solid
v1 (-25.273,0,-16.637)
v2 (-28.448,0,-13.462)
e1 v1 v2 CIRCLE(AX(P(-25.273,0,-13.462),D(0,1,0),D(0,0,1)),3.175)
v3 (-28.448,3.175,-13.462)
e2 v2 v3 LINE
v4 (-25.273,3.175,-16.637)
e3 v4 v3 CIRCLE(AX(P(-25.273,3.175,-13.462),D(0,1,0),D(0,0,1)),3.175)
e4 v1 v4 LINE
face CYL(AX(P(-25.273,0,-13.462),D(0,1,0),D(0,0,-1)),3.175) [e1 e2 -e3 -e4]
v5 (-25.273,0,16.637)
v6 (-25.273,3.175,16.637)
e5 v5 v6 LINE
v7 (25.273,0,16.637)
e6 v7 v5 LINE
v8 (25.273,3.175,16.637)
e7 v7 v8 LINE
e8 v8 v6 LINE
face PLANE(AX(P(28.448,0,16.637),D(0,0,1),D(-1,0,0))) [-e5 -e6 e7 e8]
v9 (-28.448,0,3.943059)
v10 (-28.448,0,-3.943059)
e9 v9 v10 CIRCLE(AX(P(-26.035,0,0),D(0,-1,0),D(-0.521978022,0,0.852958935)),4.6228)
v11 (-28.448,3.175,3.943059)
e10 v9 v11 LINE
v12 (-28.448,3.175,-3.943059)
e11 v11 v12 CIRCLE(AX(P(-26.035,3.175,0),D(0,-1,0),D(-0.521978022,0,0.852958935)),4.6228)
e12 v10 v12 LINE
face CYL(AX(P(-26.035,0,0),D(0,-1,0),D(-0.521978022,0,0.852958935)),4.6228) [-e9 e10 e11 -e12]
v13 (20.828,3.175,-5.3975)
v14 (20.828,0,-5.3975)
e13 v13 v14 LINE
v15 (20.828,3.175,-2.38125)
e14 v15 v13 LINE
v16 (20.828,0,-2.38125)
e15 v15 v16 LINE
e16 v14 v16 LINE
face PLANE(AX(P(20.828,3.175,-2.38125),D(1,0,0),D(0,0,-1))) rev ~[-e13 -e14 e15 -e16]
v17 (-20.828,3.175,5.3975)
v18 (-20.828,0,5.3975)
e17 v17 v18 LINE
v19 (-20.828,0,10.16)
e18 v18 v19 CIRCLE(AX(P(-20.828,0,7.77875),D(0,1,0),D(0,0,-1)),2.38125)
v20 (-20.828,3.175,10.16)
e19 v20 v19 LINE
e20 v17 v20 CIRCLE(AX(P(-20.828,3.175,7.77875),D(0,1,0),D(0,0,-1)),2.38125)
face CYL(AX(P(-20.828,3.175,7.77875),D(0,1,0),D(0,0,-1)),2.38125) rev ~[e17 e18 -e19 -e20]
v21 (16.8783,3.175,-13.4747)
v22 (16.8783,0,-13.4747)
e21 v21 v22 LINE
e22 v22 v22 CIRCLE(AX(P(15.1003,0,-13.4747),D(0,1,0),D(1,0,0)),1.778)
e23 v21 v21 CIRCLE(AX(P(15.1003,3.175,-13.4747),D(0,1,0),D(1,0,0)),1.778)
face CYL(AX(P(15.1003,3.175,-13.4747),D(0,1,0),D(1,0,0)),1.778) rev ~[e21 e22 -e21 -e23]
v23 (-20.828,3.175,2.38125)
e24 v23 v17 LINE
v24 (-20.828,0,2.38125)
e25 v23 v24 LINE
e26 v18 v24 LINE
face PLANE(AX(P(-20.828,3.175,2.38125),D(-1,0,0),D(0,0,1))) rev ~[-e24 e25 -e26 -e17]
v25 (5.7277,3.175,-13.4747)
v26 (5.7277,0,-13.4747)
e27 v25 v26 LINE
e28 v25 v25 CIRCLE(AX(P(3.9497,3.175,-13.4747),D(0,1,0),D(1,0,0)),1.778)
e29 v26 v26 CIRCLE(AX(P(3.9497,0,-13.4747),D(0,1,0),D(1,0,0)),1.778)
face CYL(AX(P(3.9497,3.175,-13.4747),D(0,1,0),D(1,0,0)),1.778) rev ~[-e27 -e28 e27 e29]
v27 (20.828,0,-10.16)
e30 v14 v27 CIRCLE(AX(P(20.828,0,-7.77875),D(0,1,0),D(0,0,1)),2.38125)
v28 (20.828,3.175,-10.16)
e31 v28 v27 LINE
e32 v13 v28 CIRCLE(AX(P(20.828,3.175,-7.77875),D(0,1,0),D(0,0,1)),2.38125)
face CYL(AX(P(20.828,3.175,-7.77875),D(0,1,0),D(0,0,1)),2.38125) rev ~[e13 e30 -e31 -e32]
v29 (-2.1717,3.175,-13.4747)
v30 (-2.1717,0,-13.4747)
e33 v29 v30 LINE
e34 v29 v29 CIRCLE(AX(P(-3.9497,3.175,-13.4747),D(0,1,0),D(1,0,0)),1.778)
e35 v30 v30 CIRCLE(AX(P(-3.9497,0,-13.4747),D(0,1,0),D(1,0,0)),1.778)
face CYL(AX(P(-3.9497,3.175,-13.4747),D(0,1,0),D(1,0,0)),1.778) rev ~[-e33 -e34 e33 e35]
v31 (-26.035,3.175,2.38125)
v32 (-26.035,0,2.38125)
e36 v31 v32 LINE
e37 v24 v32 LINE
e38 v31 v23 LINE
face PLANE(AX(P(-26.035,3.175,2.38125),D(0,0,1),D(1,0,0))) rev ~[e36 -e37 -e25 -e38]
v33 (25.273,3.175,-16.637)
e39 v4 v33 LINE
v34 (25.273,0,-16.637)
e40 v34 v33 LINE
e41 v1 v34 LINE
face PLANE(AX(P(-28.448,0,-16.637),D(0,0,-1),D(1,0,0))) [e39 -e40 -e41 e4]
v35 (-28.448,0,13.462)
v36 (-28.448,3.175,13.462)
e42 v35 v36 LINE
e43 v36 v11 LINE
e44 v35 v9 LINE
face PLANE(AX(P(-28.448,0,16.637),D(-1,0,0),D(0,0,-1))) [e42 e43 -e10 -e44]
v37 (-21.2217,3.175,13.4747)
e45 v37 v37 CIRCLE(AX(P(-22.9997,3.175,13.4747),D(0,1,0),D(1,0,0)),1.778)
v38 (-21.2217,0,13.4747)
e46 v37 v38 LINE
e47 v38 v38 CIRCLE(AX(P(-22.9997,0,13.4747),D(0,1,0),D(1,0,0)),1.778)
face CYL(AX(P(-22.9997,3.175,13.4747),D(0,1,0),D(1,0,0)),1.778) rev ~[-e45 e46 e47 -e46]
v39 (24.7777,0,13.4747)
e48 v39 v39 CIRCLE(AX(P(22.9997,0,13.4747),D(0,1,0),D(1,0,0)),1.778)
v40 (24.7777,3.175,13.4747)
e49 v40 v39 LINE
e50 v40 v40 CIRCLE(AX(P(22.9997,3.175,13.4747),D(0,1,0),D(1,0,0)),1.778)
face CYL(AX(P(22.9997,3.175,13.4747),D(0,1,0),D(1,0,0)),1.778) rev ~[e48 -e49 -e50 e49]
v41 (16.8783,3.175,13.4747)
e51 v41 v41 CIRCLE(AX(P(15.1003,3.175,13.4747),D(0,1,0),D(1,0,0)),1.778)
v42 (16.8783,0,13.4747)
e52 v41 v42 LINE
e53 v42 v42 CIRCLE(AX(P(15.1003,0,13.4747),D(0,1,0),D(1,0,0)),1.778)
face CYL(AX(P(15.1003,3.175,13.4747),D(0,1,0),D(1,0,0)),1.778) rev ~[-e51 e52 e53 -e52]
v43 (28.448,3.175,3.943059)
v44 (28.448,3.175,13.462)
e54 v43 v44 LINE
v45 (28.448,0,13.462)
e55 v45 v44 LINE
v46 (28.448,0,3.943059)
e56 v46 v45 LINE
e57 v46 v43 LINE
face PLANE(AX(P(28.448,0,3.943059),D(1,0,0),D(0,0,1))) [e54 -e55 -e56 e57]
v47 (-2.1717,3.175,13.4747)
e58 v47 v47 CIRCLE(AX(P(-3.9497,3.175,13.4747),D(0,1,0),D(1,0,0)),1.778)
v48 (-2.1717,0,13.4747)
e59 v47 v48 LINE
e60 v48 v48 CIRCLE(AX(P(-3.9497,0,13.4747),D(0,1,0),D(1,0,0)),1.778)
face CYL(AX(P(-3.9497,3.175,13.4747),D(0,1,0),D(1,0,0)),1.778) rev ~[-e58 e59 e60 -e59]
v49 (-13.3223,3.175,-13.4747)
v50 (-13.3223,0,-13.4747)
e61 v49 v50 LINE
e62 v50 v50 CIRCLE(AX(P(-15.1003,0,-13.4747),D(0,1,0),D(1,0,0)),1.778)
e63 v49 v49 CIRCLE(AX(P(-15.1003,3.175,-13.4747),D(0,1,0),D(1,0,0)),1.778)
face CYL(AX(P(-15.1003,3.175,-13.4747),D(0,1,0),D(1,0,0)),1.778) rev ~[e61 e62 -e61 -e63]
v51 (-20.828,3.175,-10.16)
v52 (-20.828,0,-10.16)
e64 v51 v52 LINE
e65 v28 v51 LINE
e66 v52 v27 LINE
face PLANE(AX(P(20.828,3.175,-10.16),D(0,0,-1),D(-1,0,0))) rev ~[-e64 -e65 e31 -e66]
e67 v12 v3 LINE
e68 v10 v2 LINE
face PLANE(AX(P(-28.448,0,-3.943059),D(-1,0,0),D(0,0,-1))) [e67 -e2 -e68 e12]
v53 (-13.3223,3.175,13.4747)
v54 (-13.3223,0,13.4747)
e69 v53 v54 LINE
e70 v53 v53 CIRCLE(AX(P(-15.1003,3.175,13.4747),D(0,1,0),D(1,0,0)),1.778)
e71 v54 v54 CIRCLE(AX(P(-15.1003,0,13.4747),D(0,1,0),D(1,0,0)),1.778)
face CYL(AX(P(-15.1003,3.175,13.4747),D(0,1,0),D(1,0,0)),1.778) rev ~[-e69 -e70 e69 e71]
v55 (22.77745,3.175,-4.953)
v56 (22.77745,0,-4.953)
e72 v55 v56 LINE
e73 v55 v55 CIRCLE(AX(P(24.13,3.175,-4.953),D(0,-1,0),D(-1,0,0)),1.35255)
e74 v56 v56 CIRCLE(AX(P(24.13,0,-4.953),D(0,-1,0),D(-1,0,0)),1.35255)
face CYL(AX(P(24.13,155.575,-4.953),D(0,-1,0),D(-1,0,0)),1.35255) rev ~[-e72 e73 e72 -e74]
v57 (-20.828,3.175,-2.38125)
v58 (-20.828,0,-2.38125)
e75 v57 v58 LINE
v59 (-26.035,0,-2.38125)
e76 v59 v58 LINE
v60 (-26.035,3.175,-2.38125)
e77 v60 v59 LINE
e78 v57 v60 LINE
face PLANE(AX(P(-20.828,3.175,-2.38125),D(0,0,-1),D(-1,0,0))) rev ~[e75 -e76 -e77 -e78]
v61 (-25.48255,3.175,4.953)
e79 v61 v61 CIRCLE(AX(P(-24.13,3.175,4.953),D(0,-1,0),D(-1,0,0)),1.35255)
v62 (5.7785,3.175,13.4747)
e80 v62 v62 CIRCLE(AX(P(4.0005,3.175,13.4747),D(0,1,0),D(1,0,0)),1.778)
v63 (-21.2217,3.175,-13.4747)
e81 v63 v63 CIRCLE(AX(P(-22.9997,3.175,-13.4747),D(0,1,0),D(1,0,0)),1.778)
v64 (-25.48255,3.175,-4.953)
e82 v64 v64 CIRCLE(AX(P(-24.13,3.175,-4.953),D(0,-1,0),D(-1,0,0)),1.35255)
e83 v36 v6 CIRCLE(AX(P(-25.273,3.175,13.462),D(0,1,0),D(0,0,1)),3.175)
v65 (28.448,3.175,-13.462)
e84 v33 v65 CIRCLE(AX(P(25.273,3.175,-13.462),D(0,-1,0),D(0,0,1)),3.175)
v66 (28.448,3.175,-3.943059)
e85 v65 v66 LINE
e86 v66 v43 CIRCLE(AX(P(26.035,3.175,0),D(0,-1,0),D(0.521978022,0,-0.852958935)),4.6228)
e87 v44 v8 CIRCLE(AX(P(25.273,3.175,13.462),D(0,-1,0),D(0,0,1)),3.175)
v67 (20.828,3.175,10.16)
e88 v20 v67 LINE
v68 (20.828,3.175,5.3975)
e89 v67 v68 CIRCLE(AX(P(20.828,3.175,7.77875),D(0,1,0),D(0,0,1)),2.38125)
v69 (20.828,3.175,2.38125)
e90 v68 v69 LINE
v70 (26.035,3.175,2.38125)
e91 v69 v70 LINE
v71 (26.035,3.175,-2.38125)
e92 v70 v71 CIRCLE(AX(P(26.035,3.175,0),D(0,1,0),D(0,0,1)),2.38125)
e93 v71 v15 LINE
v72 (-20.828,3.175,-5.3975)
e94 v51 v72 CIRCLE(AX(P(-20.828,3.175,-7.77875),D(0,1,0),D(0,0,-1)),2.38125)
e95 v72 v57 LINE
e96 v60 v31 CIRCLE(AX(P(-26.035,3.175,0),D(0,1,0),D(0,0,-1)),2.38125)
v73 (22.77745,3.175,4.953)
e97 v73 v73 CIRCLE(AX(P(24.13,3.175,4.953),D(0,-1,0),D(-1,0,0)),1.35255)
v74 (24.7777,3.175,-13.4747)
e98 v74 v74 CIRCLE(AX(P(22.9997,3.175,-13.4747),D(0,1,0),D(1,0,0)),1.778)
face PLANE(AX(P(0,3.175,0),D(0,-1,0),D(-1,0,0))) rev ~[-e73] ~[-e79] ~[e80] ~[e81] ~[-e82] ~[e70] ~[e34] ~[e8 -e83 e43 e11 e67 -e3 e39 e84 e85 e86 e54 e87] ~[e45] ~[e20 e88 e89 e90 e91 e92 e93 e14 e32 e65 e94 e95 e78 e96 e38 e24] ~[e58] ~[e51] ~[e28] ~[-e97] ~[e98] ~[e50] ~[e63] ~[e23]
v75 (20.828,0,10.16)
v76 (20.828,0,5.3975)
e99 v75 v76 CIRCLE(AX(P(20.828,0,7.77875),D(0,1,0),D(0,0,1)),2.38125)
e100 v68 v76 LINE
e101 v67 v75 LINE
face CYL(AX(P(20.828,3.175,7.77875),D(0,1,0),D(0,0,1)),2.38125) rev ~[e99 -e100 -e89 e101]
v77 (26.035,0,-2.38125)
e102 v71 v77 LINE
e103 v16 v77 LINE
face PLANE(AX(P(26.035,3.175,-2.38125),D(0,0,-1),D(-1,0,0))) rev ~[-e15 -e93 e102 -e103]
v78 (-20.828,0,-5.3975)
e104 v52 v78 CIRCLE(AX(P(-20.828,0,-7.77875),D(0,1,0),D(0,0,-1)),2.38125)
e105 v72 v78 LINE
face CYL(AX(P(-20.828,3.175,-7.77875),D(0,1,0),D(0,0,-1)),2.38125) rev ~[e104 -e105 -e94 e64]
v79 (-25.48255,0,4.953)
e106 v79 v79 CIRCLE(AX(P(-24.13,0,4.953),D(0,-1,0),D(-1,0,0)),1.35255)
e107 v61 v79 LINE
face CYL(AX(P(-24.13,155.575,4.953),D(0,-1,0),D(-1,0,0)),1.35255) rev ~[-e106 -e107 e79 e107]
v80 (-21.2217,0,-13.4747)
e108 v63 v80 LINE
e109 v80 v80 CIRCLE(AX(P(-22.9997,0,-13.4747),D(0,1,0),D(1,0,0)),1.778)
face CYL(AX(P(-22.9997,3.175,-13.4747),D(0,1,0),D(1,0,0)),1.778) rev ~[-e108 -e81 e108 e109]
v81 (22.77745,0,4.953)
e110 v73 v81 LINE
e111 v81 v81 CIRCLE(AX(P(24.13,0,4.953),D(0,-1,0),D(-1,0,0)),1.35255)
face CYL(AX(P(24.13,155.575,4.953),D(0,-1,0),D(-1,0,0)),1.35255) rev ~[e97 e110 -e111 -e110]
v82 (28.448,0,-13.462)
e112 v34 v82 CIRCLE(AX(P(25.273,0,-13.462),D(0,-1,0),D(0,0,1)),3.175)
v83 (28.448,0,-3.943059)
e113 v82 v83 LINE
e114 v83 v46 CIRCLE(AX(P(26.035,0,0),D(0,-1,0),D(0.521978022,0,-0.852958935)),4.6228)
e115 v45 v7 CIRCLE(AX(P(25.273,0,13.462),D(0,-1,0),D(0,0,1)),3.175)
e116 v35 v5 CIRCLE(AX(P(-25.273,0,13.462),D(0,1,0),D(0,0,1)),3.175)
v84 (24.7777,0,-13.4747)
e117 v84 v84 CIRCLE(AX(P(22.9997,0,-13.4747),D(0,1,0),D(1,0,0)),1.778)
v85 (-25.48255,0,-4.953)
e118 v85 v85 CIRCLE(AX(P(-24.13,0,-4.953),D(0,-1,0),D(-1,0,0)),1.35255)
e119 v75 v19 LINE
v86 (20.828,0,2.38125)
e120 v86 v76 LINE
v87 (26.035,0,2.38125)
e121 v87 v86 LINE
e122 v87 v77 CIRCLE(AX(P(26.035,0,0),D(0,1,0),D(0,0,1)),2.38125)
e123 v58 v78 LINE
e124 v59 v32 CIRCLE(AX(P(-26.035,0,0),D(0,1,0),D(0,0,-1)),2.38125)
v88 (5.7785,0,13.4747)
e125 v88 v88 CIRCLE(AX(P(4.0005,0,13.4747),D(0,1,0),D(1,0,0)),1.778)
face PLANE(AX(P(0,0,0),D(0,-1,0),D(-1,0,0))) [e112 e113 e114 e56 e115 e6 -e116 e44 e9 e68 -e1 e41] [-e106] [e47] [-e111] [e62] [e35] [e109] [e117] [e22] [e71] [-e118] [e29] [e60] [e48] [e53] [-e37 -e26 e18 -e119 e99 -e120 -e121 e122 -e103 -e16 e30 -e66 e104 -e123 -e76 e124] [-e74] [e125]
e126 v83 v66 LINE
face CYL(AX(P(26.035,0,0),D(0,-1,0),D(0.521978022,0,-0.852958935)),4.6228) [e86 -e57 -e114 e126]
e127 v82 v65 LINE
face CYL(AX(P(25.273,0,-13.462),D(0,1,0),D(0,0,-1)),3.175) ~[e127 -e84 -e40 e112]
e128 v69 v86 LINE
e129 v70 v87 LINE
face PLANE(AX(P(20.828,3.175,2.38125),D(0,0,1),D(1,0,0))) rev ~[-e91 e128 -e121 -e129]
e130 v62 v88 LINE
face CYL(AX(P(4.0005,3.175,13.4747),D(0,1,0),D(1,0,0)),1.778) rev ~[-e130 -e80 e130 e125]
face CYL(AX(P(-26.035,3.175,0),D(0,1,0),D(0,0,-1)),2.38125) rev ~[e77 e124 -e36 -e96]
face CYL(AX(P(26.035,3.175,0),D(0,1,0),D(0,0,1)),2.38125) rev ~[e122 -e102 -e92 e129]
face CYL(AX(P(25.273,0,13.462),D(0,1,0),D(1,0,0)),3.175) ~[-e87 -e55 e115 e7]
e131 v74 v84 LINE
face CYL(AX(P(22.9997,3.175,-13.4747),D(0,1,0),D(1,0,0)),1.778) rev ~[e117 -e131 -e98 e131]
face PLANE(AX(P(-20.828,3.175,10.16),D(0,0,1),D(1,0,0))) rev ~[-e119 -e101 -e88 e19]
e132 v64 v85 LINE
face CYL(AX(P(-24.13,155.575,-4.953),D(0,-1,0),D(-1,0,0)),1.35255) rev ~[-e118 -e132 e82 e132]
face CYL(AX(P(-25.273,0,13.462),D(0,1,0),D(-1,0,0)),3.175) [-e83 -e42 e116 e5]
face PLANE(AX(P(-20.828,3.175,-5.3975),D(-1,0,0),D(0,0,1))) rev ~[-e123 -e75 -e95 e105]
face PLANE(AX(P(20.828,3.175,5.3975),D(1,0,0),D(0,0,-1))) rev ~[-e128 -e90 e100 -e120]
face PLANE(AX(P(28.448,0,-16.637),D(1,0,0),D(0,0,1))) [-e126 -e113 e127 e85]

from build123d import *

# Parameters (mm, degrees)
MASS_DEPTH               = 3.175
SKETCH2_W                = 41.656
SKETCH2_H                = 4.7625
SERVO_HOLE_DEPTH         = 4.175
F_6_32_SERVO_MOUNT_D     = 2.7051
F_6_32_SERVO_MOUNT_DEPTH = 152.4
F_6_32_SERVO_MOUNT_TIP   = 0.81269403
CORNERS_R                = 3.175
SKETCH5_R                = 1.778
MOUNTING_HOLES_DEPTH     = 4.175


with BuildPart() as part:
    # Sketch1 → Mass (new body)
    with BuildSketch(Plane(origin=(0, 0, 0), x_dir=(1, 0, 0), z_dir=(0, 1, 0))):
        with BuildLine():
            Line((-28.448, 16.637), (28.448, 16.637))
            Line((28.448, 16.637), (28.448, 3.943058564))
            ThreePointArc((28.448, 3.943058564), (30.6578, 0), (28.448, -3.943058564))
            Line((28.448, -3.943058564), (28.448, -16.637))
            Line((28.448, -16.637), (-28.448, -16.637))
            Line((-28.448, -16.637), (-28.448, -3.943058564))
            ThreePointArc((-28.448, -3.943058564), (-30.6578, 0), (-28.448, 3.943058564))
            Line((-28.448, 3.943058564), (-28.448, 16.637))
        make_face()
    extrude(amount=MASS_DEPTH)

    # Sketch2 → Servo Hole (cut, through all)
    with BuildSketch(Plane(origin=(0, 3.175, 0), x_dir=(1, 0, 0), z_dir=(0, 1, 0))):
        with BuildLine():
            ThreePointArc((-20.828, -5.3975), (-23.20925, -7.77875), (-20.828, -10.16))
            Line((-20.828, -10.16), (20.828, -10.16))
            ThreePointArc((20.828, -10.16), (23.20925, -7.77875), (20.828, -5.3975))
            Line((20.828, -5.3975), (20.828, -2.38125))
            Line((20.828, -2.38125), (-20.828, -2.38125))
            Line((-20.828, -2.38125), (-20.828, -5.3975))
        make_face()
        Rectangle(SKETCH2_W, SKETCH2_H)
        with BuildLine():
            Line((-20.828, 5.3975), (-20.828, 2.38125))
            Line((-20.828, 2.38125), (20.828, 2.38125))
            Line((20.828, 2.38125), (20.828, 5.3975))
            ThreePointArc((20.828, 5.3975), (23.20925, 7.77875), (20.828, 10.16))
            Line((20.828, 10.16), (-20.828, 10.16))
            ThreePointArc((-20.828, 10.16), (-23.20925, 7.77875), (-20.828, 5.3975))
        make_face()
        with BuildLine():
            Line((20.828, 2.38125), (20.828, -2.38125))
            Line((20.828, -2.38125), (26.035, -2.38125))
            ThreePointArc((26.035, -2.38125), (28.41625, 0), (26.035, 2.38125))
            Line((26.035, 2.38125), (20.828, 2.38125))
        make_face()
        with BuildLine():
            Line((-26.035, -2.38125), (-20.828, -2.38125))
            Line((-20.828, -2.38125), (-20.828, 2.38125))
            Line((-20.828, 2.38125), (-26.035, 2.38125))
            ThreePointArc((-26.035, 2.38125), (-28.41625, 0), (-26.035, -2.38125))
        make_face()
    extrude(amount=-SERVO_HOLE_DEPTH, mode=Mode.SUBTRACT)

    # #6-32 Servo Mount
    with Locations(Plane(origin=(0, 3.175, 0), x_dir=(1, 0, 0), z_dir=(0, 1, 0))):
        with Locations((24.13, 4.953), (24.13, -4.953), (-24.13, -4.953), (-24.13, 4.953)):
            Hole(F_6_32_SERVO_MOUNT_D / 2, depth=F_6_32_SERVO_MOUNT_DEPTH)
            with Locations((0, 0, -(F_6_32_SERVO_MOUNT_DEPTH + F_6_32_SERVO_MOUNT_TIP / 2))):  # 118° drill point
                Cone(0, F_6_32_SERVO_MOUNT_D / 2, F_6_32_SERVO_MOUNT_TIP, mode=Mode.SUBTRACT)

    # Corners
    corners_edges = [part.edges().sort_by_distance(p)[0] for p in [
        (-28.448, 1.5875, -16.637),
        (28.448, 1.5875, -16.637),
        (28.448, 1.5875, 16.637),
        (-28.448, 1.5875, 16.637),
    ]]
    fillet(corners_edges, radius=CORNERS_R)

    # Sketch5 → Mounting Holes (cut, through all)
    with BuildSketch(Plane(origin=(0, 3.175, 0), x_dir=(1, 0, 0), z_dir=(0, 1, 0))):
        with Locations((-22.9997, 13.4747)):
            Circle(SKETCH5_R)
        with Locations((22.9997, 13.4747)):
            Circle(SKETCH5_R)
        with Locations((22.9997, -13.4747)):
            Circle(SKETCH5_R)
        with Locations((-22.9997, -13.4747)):
            Circle(SKETCH5_R)
        with Locations((-15.1003, 13.4747)):
            Circle(SKETCH5_R)
        with Locations((-3.9497, 13.4747)):
            Circle(SKETCH5_R)
        with Locations((3.9497, 13.4747)):
            Circle(SKETCH5_R)
        with Locations((15.1003, 13.4747)):
            Circle(SKETCH5_R)
        with Locations((15.1003, -13.4747)):
            Circle(SKETCH5_R)
        with Locations((4.0005, -13.4747)):
            Circle(SKETCH5_R)
        with Locations((-3.9497, -13.4747)):
            Circle(SKETCH5_R)
        with Locations((-15.1003, -13.4747)):
            Circle(SKETCH5_R)
    extrude(amount=-MOUNTING_HOLES_DEPTH, mode=Mode.SUBTRACT)


solid = part.part
